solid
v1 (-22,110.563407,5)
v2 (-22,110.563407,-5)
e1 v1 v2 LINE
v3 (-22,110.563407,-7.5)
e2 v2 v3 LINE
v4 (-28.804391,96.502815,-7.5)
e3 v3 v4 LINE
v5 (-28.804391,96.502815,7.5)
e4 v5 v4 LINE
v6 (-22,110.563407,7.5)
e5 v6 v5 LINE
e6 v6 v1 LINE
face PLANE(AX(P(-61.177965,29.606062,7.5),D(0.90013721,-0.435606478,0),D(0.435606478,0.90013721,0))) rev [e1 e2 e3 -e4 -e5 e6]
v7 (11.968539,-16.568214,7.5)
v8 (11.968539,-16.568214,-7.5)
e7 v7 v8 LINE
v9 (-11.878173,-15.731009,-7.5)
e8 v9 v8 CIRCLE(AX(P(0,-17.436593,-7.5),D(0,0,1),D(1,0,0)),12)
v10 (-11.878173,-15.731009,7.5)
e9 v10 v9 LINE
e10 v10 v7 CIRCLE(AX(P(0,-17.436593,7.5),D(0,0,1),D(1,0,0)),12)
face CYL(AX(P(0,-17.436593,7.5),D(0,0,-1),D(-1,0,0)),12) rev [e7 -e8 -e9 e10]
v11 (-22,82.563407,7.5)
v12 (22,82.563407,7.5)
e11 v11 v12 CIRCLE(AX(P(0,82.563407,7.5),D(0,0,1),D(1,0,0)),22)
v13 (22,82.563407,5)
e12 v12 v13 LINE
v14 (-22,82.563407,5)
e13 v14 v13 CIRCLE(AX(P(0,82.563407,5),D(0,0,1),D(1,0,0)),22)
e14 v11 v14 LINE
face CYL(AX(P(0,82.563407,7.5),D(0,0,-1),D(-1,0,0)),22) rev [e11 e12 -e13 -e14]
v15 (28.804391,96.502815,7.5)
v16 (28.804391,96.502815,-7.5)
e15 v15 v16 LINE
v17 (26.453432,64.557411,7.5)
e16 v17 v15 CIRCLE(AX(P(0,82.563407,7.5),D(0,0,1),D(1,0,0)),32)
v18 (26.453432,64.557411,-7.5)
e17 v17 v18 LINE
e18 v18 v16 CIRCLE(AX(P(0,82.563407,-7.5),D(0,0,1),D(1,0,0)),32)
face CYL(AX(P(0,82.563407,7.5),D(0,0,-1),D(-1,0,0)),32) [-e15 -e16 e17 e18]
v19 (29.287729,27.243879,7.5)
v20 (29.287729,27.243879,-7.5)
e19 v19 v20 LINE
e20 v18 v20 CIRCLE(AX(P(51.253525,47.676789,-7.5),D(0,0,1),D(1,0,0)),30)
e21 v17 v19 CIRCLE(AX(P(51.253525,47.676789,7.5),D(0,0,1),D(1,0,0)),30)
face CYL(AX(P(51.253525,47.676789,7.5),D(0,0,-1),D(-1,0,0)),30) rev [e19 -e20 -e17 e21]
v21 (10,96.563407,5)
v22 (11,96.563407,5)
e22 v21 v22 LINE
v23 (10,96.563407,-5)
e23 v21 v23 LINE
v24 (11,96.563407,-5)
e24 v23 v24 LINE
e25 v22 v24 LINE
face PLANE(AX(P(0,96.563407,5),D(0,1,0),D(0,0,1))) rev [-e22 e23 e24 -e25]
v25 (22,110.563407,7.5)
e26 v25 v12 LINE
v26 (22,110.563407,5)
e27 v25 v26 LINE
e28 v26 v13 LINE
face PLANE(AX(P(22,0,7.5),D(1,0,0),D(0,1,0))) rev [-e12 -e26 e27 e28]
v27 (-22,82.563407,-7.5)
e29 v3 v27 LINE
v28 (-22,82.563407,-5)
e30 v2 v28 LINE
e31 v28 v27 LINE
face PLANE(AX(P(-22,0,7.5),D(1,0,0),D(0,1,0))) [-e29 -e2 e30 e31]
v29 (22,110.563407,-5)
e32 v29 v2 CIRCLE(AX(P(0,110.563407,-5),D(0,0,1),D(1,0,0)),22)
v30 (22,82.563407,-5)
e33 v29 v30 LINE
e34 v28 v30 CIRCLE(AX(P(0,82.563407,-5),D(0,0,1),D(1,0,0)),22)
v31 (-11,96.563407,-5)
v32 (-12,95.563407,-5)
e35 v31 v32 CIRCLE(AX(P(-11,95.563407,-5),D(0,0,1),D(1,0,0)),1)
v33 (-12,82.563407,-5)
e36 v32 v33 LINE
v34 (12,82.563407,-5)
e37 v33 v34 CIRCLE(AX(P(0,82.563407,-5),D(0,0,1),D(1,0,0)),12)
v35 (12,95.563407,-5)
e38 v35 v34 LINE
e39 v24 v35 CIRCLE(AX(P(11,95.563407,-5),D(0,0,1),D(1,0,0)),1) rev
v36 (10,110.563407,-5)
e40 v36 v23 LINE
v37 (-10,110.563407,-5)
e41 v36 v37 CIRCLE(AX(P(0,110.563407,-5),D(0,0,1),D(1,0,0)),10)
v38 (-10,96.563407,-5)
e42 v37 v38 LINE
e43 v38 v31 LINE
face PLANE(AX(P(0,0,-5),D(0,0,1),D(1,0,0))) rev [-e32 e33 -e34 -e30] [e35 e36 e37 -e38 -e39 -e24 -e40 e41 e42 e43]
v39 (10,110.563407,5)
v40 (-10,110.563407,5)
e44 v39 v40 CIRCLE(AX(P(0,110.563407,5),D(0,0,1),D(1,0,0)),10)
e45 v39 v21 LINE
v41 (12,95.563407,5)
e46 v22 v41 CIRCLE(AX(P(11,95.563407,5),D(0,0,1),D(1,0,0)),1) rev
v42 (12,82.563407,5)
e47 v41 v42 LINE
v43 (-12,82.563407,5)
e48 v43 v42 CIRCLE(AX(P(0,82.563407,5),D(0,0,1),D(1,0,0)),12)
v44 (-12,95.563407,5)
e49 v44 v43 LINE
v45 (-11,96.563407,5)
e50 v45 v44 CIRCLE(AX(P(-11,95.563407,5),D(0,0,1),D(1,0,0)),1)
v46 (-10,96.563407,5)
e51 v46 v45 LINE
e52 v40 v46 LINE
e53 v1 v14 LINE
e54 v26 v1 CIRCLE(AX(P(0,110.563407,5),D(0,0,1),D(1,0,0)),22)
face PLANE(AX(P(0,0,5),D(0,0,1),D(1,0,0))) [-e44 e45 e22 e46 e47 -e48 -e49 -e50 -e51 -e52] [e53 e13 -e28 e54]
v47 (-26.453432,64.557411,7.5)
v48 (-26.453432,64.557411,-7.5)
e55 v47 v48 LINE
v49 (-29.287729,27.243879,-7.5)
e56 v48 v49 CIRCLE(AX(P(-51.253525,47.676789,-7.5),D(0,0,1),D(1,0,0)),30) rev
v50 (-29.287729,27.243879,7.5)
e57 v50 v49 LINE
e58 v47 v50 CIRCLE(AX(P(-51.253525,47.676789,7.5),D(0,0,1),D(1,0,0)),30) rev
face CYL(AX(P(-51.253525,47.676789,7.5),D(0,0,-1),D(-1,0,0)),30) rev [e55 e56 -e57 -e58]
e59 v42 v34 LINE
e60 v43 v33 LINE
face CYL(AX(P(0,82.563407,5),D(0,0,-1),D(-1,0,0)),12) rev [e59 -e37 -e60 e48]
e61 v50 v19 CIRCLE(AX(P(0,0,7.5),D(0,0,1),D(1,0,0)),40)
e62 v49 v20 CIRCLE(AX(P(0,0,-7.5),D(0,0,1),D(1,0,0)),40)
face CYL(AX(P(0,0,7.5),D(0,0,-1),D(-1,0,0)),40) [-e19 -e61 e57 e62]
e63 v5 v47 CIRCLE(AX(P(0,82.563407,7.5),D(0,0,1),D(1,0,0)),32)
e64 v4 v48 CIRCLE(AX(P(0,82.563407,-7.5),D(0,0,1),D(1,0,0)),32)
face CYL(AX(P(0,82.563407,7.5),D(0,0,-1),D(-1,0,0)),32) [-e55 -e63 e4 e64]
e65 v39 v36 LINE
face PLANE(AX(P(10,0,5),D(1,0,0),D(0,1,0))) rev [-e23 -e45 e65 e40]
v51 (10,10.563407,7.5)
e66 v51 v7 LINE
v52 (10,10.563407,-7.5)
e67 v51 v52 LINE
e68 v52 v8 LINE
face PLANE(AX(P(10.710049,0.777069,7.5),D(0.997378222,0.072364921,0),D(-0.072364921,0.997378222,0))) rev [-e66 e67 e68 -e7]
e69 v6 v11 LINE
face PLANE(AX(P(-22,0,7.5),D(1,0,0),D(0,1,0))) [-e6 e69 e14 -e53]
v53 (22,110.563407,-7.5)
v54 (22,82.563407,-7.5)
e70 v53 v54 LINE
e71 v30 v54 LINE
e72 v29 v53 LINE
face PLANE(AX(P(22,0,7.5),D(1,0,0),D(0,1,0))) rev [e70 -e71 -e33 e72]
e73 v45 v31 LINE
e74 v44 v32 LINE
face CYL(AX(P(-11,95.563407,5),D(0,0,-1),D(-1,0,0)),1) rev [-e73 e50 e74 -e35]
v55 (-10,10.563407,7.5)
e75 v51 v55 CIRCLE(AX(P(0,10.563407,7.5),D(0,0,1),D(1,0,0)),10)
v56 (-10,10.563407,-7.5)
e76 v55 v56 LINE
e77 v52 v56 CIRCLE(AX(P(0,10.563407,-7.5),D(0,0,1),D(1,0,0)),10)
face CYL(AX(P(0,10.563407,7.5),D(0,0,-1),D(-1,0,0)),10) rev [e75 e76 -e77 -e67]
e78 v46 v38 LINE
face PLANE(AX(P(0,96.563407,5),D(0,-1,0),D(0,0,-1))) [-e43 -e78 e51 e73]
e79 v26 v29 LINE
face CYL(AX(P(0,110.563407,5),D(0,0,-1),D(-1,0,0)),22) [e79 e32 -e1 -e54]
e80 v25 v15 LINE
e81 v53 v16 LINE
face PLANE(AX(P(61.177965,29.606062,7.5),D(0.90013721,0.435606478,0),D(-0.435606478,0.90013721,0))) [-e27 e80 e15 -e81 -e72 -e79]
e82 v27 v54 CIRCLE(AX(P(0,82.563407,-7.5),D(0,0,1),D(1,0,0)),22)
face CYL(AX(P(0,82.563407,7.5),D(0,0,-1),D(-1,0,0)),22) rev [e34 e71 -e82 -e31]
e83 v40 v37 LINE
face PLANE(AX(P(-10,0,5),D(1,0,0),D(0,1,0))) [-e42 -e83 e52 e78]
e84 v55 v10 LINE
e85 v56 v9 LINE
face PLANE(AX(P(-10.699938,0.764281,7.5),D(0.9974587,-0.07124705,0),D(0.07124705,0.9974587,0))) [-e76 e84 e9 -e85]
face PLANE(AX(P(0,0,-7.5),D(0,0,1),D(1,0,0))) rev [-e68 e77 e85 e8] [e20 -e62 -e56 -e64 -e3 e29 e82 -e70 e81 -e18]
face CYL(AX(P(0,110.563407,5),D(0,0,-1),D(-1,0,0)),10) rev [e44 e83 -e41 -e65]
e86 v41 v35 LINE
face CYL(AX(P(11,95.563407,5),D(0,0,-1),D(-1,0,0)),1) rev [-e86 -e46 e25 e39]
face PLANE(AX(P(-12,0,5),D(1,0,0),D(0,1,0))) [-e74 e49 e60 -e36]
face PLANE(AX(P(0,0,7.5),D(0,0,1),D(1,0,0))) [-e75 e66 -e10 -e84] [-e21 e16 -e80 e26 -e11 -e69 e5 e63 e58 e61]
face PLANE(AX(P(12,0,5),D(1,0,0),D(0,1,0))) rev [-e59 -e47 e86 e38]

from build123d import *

# Parameters (mm, degrees)
BOSS_EXTRUDE3_DEPTH = 5
BOSS_EXTRUDE4_DEPTH = 7.5


with BuildPart() as part:
    # Sketch1 → Boss-Extrude3 (new, symmetric)
    with BuildSketch(Plane.XY):
        with BuildLine():
            Line((22, 82.563407366), (22, 110.563407366))
            ThreePointArc((22, 110.563407366), (0, 132.563407366), (-22, 110.563407366))
            Line((-22, 110.563407366), (-22, 82.563407366))
            ThreePointArc((-22, 82.563407366), (0, 60.563407366), (22, 82.563407366))
        make_face()
        with BuildLine():
            ThreePointArc((-10, 110.563407366), (0, 120.563407366), (10, 110.563407366))
            Line((10, 110.563407366), (10, 96.563407366))
            Line((10, 96.563407366), (11, 96.563407366))
            ThreePointArc((11, 96.563407366), (11.707106781, 96.270514148), (12, 95.563407366))
            Line((12, 95.563407366), (12, 82.563407366))
            ThreePointArc((12, 82.563407366), (0, 70.563407366), (-12, 82.563407366))
            Line((-12, 82.563407366), (-12, 95.563407366))
            ThreePointArc((-12, 95.563407366), (-11.707106781, 96.270514148), (-11, 96.563407366))
            Line((-11, 96.563407366), (-10, 96.563407366))
            Line((-10, 96.563407366), (-10, 110.563407366))
        make_face(mode=Mode.SUBTRACT)
    extrude(amount=BOSS_EXTRUDE3_DEPTH, both=True)

    # Sketch1<5> → Boss-Extrude4 (add, symmetric)
    with BuildSketch(Plane.XY):
        with BuildLine():
            Line((28.804390709, 96.502814665), (22, 110.563407366))
            Line((22, 110.563407366), (22, 82.563407366))
            ThreePointArc((22, 82.563407366), (0, 60.563407366), (-22, 82.563407366))
            Line((-22, 82.563407366), (-22, 110.563407366))
            Line((-22, 110.563407366), (-28.804390709, 96.502814665))
            ThreePointArc((-28.804390709, 96.502814665), (-31.91369551, 80.214782471), (-26.453432284, 64.557410577))
            ThreePointArc((-26.453432284, 64.557410577), (-21.339698738, 45.404566029), (-29.2877286, 27.243879192))
            ThreePointArc((-29.2877286, 27.243879192), (0, -40), (29.2877286, 27.243879192))
            ThreePointArc((29.2877286, 27.243879192), (21.339698738, 45.404566029), (26.453432284, 64.557410577))
            ThreePointArc((26.453432284, 64.557410577), (31.91369551, 80.214782471), (28.804390709, 96.502814665))
        make_face()
        with BuildLine():
            Line((-11.878172589, -15.731008877), (-10, 10.563407366))
            ThreePointArc((-10, 10.563407366), (0, 20.563407366), (10, 10.563407366))
            Line((10, 10.563407366), (11.968538667, -16.568213586))
            ThreePointArc((11.968538667, -16.568213586), (0.434474391, -29.428724721), (-12, -17.436592634))
            ThreePointArc((-12, -17.436592634), (-11.969504398, -16.581628034), (-11.878172589, -15.731008877))
        make_face(mode=Mode.SUBTRACT)
    extrude(amount=BOSS_EXTRUDE4_DEPTH, both=True)


solid = part.part
